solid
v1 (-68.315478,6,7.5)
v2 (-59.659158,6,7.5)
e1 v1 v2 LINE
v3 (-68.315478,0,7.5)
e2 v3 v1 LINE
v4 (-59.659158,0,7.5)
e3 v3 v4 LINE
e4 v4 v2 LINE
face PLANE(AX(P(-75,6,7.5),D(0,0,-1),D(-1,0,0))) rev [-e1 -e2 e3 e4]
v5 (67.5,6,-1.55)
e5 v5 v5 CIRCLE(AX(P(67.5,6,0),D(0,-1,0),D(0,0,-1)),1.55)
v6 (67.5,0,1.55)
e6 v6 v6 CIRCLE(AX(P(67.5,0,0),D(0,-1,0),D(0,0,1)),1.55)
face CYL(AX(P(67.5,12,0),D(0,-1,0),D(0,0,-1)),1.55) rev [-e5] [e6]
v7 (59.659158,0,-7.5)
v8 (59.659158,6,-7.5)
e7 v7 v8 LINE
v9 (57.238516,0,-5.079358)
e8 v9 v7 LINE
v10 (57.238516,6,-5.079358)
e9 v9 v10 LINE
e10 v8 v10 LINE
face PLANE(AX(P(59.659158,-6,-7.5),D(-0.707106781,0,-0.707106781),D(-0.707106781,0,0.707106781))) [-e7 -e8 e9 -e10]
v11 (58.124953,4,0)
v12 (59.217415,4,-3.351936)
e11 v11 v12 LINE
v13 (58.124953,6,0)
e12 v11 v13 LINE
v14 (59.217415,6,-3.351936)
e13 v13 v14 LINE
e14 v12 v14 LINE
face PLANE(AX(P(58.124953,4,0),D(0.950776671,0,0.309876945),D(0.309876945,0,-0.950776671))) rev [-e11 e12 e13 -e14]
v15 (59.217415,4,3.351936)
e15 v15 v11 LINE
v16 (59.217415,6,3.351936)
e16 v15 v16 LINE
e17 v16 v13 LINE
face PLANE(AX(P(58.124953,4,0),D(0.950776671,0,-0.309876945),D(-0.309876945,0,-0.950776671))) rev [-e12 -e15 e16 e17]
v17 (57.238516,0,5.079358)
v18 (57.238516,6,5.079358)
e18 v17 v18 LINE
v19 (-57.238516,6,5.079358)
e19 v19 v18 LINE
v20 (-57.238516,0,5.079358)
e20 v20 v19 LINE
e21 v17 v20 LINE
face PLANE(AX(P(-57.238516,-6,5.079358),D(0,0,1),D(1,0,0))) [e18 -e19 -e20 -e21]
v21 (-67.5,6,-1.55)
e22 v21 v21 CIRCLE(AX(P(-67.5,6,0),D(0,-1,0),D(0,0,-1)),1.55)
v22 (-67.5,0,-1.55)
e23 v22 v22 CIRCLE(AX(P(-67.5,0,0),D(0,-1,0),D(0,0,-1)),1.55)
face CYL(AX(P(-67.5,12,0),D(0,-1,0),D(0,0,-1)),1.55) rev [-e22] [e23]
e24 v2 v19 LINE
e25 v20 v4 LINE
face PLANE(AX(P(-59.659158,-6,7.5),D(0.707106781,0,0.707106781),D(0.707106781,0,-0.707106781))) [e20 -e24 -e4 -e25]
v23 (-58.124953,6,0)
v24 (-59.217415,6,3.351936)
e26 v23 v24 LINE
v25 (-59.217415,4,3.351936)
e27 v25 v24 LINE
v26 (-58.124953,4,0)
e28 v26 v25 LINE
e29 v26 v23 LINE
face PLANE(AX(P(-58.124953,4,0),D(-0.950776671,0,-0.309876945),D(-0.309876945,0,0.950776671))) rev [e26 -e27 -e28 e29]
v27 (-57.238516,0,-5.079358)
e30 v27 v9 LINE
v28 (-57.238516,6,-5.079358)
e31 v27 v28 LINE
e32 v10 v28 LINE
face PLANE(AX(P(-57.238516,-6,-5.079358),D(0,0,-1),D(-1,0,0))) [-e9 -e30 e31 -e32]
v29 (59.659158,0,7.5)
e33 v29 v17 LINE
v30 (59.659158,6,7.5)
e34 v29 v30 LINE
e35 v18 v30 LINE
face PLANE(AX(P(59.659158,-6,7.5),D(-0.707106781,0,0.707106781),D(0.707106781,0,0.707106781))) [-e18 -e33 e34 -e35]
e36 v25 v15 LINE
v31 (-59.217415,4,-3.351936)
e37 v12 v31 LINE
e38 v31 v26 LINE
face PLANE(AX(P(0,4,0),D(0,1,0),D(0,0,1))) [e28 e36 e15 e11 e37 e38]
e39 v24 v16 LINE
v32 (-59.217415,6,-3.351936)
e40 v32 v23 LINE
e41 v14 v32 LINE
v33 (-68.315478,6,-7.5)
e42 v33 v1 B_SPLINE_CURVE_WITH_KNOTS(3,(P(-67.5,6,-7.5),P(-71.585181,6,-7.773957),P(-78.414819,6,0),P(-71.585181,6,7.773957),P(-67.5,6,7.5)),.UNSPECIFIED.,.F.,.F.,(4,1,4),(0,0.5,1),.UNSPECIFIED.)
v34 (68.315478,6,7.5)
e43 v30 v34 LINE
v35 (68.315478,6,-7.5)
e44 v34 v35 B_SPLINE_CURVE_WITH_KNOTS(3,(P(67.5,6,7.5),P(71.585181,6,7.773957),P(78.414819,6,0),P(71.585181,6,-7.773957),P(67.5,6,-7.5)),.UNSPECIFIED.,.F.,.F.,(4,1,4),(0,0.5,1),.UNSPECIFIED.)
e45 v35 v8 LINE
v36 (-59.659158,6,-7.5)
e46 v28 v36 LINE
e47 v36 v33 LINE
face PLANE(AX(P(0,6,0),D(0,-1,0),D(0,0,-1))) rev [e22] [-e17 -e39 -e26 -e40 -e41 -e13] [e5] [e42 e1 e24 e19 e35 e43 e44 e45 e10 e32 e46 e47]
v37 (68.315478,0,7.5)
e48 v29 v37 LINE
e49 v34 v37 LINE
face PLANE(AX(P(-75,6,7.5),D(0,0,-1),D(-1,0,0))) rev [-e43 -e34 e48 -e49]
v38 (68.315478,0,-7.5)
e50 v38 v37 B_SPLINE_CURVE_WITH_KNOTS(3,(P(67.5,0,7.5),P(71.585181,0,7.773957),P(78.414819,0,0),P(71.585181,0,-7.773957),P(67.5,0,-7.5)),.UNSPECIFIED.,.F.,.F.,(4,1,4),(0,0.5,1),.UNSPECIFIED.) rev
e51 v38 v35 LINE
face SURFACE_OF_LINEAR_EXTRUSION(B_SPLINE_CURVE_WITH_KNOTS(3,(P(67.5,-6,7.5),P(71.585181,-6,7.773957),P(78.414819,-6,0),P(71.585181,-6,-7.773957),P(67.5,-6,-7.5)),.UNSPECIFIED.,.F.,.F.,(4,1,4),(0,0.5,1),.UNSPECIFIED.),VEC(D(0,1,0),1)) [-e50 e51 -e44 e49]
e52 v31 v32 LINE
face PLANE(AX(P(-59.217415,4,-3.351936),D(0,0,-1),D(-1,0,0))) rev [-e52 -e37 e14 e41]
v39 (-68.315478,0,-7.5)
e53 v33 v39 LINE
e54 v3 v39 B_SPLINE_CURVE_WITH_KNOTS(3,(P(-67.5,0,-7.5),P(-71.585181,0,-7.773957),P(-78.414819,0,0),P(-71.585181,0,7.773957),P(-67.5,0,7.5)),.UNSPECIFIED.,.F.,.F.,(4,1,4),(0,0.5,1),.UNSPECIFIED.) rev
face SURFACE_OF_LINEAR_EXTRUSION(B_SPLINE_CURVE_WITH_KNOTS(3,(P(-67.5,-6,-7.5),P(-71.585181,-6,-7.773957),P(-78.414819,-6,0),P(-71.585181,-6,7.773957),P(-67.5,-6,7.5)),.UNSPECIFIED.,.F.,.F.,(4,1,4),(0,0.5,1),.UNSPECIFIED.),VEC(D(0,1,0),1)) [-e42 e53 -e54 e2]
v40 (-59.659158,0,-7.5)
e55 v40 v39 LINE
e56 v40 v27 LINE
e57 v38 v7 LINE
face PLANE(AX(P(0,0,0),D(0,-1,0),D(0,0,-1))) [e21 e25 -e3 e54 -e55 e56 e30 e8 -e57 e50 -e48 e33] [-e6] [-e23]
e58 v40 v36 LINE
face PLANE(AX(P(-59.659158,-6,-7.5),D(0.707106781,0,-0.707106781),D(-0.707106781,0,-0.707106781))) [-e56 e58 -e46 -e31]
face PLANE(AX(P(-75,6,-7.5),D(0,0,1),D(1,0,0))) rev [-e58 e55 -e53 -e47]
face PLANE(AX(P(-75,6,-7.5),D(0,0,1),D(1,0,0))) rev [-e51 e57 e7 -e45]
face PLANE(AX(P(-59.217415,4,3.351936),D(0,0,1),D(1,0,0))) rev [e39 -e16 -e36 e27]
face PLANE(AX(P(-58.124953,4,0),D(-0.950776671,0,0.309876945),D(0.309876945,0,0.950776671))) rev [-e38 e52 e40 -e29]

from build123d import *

# Parameters (mm, degrees)
ESQUISSE1_W             = 150
ESQUISSE1_H             = 15
BOSS_EXTRU_1_DEPTH      = 6
ESQUISSE4_W             = 165.64112288
ESQUISSE4_H             = 30
ENL_V_MAT_EXTRU_1_DEPTH = 12
ESQUISSE3_R             = 1.55
ENL_V_MAT_EXTRU_2_DEPTH = 12
ENL_V_MAT_EXTRU_3_DEPTH = 2


with BuildPart() as part:
    # Esquisse1 → Boss.-Extru.1 (new body)
    with BuildSketch(Plane(origin=(0, 0, 0), x_dir=(1, 0, 0), z_dir=(0, 1, 0))):
        Rectangle(ESQUISSE1_W, ESQUISSE1_H)
    extrude(amount=BOSS_EXTRU_1_DEPTH)

    # Esquisse4 → Enlèv. mat.-Extru.1 (cut)
    with BuildSketch(Plane(origin=(0, 6, 0), x_dir=(1, 0, 0), z_dir=(0, 1, 0))):
        Rectangle(ESQUISSE4_W, ESQUISSE4_H)
        with BuildLine():
            Line((-59.659158072, 7.5), (-57.238516234, 5.079358161))
            Line((-57.238516234, 5.079358161), (57.238516234, 5.079358161))
            Line((57.238516234, 5.079358161), (59.659158072, 7.5))
            Line((59.659158072, 7.5), (67.5, 7.5))
            add(Edge.make_bspline(
                [(67.5, 7.5), (71.58518124, 7.773957054), (78.414818759, -1e-09), (71.585181242, -7.773957053), (67.5, -7.5)],
                knots=[0, 0, 0, 0, 0.5, 1, 1, 1, 1], degree=3))
            Line((67.5, -7.5), (59.659158072, -7.5))
            Line((59.659158072, -7.5), (57.238516234, -5.079358161))
            Line((57.238516234, -5.079358161), (-57.238516234, -5.079358161))
            Line((-57.238516234, -5.079358161), (-59.659158072, -7.5))
            Line((-59.659158072, -7.5), (-67.5, -7.5))
            add(Edge.make_bspline(
                [(-67.5, 7.5), (-71.58518124, 7.773957054), (-78.414818759, -1e-09), (-71.585181242, -7.773957053), (-67.5, -7.5)],
                knots=[0, 0, 0, 0, 0.5, 1, 1, 1, 1], degree=3))
            Line((-67.5, 7.5), (-59.659158072, 7.5))
        make_face(mode=Mode.SUBTRACT)
    extrude(amount=-ENL_V_MAT_EXTRU_1_DEPTH, mode=Mode.SUBTRACT)

    # Esquisse3 → Enlèv. mat.-Extru.2 (cut)
    with BuildSketch(Plane.XZ):
        with Locations(Location((-67.5, 0, 0), (0, 0, 270))):
            Circle(ESQUISSE3_R)
        with Locations(Location((67.5, 0, 0), (0, 0, 270))):
            Circle(ESQUISSE3_R)
    extrude(amount=-ENL_V_MAT_EXTRU_2_DEPTH, mode=Mode.SUBTRACT)

    # Esquisse5 → Enlèv. mat.-Extru.3 (cut)
    with BuildSketch(Plane(origin=(0, 6, 0), x_dir=(1, 0, 0), z_dir=(0, 1, 0))):
        Polygon((-58.124952607, 0), (-59.217415088, 3.351936497), (59.217415088, 3.351936497), (58.124952607, 0), (59.217415088, -3.351936497), (-59.217415088, -3.351936497), align=None)
    extrude(amount=-ENL_V_MAT_EXTRU_3_DEPTH, mode=Mode.SUBTRACT)


solid = part.part
